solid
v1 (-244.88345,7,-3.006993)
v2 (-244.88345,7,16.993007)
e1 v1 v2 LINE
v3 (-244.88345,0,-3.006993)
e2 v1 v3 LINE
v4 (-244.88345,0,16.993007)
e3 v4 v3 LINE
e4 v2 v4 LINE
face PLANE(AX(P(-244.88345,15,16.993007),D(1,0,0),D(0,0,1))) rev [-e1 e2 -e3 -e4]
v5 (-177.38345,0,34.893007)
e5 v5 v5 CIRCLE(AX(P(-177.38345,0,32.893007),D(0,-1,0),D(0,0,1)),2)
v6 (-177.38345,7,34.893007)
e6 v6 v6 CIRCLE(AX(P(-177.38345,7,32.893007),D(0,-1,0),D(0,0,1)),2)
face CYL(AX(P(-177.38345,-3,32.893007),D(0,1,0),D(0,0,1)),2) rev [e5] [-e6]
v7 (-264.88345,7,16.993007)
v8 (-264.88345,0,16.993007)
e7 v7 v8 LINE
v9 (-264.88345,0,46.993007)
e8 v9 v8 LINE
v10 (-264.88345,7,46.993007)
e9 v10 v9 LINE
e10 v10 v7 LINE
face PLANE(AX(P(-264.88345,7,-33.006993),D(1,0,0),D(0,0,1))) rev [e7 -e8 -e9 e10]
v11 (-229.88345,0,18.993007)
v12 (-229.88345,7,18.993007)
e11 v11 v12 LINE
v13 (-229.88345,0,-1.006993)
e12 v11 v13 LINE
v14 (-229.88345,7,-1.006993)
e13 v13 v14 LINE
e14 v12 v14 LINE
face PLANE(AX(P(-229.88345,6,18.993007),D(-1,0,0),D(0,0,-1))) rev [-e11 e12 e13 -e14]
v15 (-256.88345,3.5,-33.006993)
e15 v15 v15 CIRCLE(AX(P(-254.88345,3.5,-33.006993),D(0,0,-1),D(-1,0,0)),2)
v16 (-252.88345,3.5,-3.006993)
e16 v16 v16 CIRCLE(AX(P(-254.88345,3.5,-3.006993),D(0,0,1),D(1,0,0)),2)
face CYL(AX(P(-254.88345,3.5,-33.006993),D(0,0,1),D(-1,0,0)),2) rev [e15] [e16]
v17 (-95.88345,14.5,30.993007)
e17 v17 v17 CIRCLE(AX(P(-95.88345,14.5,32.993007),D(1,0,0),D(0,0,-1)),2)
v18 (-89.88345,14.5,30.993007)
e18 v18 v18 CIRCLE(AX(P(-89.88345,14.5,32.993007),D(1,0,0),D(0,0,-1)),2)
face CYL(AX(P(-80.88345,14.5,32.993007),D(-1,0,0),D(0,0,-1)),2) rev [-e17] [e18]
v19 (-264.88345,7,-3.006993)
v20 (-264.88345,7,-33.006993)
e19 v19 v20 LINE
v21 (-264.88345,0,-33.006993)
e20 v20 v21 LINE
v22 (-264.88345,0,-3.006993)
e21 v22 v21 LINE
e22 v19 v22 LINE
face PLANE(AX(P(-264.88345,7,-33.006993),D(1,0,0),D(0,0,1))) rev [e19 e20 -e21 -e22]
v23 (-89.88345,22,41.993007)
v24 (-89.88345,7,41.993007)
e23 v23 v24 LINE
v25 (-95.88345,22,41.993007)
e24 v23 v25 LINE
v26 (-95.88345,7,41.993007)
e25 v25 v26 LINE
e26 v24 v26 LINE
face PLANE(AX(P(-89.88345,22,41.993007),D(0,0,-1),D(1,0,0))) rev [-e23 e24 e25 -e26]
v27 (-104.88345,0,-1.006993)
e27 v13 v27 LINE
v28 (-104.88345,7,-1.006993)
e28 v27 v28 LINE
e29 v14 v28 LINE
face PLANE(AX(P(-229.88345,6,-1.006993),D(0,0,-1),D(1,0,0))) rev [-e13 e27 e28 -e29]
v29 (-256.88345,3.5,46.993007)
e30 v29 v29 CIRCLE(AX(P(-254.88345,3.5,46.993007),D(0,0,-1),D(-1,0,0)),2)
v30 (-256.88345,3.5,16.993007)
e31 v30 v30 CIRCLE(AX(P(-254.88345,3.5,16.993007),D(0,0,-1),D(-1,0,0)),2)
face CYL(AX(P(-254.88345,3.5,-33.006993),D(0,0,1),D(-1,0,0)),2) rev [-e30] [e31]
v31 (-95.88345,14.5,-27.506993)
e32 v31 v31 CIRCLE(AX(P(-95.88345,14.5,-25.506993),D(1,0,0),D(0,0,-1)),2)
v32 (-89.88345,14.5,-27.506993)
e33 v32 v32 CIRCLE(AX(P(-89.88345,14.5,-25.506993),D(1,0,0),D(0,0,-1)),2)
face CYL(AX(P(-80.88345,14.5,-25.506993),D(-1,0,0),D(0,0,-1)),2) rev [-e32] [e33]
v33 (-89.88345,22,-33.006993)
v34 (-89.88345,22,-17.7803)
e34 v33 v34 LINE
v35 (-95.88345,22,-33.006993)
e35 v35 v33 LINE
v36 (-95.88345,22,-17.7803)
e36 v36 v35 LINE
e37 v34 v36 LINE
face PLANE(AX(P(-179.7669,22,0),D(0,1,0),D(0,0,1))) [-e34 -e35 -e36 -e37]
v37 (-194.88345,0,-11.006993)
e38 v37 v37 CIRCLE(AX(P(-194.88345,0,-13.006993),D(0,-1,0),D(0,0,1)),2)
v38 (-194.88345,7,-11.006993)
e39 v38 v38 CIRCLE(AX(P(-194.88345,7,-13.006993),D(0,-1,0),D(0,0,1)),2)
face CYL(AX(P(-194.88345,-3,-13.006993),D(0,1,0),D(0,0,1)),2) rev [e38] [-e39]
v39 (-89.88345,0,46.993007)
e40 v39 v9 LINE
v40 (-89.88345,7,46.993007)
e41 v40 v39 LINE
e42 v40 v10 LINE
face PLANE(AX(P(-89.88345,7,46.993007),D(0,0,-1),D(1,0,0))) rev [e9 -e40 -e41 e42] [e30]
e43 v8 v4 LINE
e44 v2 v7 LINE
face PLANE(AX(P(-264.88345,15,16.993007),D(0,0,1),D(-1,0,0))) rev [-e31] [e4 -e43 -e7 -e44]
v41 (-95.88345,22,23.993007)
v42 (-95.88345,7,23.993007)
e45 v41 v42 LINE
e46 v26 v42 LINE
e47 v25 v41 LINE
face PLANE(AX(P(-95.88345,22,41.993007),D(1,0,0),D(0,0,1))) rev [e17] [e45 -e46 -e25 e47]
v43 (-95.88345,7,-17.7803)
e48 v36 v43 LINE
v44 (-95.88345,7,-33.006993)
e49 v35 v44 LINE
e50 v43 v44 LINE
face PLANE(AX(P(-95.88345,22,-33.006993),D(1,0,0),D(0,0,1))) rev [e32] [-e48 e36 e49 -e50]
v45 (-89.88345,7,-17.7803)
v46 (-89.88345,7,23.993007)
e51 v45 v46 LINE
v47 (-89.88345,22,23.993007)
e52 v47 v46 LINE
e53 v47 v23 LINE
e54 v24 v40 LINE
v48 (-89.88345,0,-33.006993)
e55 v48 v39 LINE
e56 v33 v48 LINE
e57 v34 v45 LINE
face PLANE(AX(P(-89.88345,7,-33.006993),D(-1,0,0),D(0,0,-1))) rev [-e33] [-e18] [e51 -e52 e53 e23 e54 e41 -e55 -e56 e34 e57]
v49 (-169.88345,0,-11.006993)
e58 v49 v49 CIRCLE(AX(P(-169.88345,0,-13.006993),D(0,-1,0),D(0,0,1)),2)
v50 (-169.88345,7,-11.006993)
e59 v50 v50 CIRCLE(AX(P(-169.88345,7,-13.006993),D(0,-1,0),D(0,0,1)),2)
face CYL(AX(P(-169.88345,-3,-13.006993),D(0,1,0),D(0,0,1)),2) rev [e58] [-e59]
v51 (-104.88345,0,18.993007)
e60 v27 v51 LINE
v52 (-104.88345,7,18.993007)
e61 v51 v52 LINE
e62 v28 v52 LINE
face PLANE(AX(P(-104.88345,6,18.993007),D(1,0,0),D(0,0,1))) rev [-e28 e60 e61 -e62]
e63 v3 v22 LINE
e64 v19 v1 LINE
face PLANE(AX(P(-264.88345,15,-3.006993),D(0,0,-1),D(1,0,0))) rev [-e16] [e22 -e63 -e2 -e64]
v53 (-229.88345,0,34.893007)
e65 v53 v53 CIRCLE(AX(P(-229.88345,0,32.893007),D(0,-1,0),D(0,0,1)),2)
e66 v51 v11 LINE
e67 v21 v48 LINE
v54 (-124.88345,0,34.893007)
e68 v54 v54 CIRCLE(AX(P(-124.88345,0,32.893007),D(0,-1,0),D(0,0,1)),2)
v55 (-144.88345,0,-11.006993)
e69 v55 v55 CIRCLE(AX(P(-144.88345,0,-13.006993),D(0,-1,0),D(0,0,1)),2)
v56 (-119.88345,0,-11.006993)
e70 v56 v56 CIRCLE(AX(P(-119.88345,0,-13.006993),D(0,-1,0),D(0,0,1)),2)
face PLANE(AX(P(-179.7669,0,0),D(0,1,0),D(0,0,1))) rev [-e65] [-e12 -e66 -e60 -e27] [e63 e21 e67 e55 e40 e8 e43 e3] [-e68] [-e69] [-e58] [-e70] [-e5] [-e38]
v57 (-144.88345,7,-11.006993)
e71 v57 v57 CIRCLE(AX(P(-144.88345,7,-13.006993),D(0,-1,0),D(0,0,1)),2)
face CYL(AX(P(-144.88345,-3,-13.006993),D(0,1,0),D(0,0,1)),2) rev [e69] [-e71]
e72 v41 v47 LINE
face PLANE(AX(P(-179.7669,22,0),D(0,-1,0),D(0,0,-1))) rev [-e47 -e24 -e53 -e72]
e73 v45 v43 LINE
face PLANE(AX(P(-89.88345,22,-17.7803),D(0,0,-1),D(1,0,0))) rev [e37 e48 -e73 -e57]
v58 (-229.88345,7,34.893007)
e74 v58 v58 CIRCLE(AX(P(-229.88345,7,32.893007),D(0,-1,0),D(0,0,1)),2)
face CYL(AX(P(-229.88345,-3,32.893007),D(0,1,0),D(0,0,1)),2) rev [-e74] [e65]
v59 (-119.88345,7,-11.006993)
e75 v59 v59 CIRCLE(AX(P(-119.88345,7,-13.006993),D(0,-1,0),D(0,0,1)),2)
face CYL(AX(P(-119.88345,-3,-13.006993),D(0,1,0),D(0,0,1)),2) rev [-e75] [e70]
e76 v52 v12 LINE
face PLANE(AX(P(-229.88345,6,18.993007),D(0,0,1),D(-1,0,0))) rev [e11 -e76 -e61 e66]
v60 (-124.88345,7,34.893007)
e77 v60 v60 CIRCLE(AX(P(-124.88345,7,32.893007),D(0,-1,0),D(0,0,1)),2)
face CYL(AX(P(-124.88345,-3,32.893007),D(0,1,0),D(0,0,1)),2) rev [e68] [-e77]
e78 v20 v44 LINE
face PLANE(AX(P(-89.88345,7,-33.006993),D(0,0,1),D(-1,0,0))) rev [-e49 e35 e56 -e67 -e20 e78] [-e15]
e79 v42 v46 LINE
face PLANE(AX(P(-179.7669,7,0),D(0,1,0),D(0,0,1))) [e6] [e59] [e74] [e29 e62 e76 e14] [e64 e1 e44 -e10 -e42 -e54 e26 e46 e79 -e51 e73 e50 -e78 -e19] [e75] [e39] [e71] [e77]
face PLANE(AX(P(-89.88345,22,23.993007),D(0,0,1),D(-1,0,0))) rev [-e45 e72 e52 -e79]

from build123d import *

# Parameters (mm, degrees)
SKETCH1_W               = 175
SKETCH1_H               = 80
BOSS_EXTRUDE1_DEPTH     = 7
SKETCH2_R               = 2
CUT_EXTRUDE1_DEPTH      = 10
SKETCH3_W               = 125
SKETCH3_H               = 20
CUT_EXTRUDE2_DEPTH      = 1
SKETCH7_W               = 6
SKETCH7_H               = 15.226692755
SKETCH7_H_2             = 18
BOSS_EXTRUDE3_DEPTH     = 15
SKETCH8_R               = 2
CUT_EXTRUDE4_DEPTH      = 15
SKETCH9_W               = 20
SKETCH9_H               = 20
CUT_EXTRUDE5_DEPTH      = 15
SKETCH10_R              = 2
CUT_EXTRUDE7_DEPTH      = 51
CUT_EXTRUDE7_DEPTH_BACK = 31
SKETCH3_3_W             = 125
SKETCH3_3_H             = 20
CUT_EXTRUDE8_DEPTH      = 10
SKETCH11_R              = 2
CUT_EXTRUDE9_DEPTH      = 10


with BuildPart() as part:
    # Sketch1 → Boss-Extrude1 (new body)
    with BuildSketch(Plane(origin=(0, 0, 0), x_dir=(1, 0, 0), z_dir=(0, 1, 0))):
        with Locations((-2.383449883, -6.993006993)):
            Rectangle(SKETCH1_W, SKETCH1_H)
    extrude(amount=BOSS_EXTRUDE1_DEPTH)

    # Sketch2 → Cut-Extrude1 (cut)
    with BuildSketch(Plane(origin=(0, 7, 0), x_dir=(1, 0, 0), z_dir=(0, 1, 0))):
        with Locations((-54.883449883, -32.893006993)):
            Circle(SKETCH2_R)
        with Locations((-2.383449883, -32.893006993)):
            Circle(SKETCH2_R)
        with Locations((50.116550117, -32.893006993)):
            Circle(SKETCH2_R)
    extrude(amount=-CUT_EXTRUDE1_DEPTH, mode=Mode.SUBTRACT)

    # Sketch3 → Cut-Extrude2 (cut)
    with BuildSketch(Plane(origin=(0, 7, 0), x_dir=(1, 0, 0), z_dir=(0, 1, 0))):
        with Locations((-12.383449883, -8.993006993)):
            Rectangle(SKETCH3_W, SKETCH3_H)
    extrude(amount=-CUT_EXTRUDE2_DEPTH, mode=Mode.SUBTRACT)

    # Sketch7 → Boss-Extrude3 (add)
    with BuildSketch(Plane(origin=(0, 7, 0), x_dir=(1, 0, 0), z_dir=(0, 1, 0))):
        with Locations((-86.883449883, 25.39364663)):
            Rectangle(SKETCH7_W, SKETCH7_H)
        with Locations((-86.883449883, -32.993006993)):
            Rectangle(SKETCH7_W, SKETCH7_H_2)
    extrude(amount=BOSS_EXTRUDE3_DEPTH)

    # Sketch8 → Cut-Extrude4 (cut)
    with BuildSketch(Plane(origin=(-83.883449883, 0, 0), x_dir=(0, 0, -1), z_dir=(1, 0, 0))):
        with Locations((25.506993007, 14.5)):
            Circle(SKETCH8_R)
        with Locations((-32.993006993, 14.5)):
            Circle(SKETCH8_R)
    extrude(amount=-CUT_EXTRUDE4_DEPTH, mode=Mode.SUBTRACT)

    # Sketch9 → Cut-Extrude5 (cut)
    with BuildSketch(Plane.XZ):
        with Locations((75.116550117, 6.993006993)):
            Rectangle(SKETCH9_W, SKETCH9_H)
    extrude(amount=-CUT_EXTRUDE5_DEPTH, mode=Mode.SUBTRACT)

    # Sketch10 → Cut-Extrude7 (cut, two sides)
    with BuildSketch(Plane.XY.offset(-3.006993007)) as cut_extrude7_sk:
        with Locations((75.116550117, 3.5)):
            Circle(SKETCH10_R)
    extrude(amount=CUT_EXTRUDE7_DEPTH, mode=Mode.SUBTRACT)
    extrude(cut_extrude7_sk.sketch, amount=-CUT_EXTRUDE7_DEPTH_BACK, mode=Mode.SUBTRACT)

    # Sketch3<3> → Cut-Extrude8 (cut)
    with BuildSketch(Plane(origin=(0, 7, 0), x_dir=(1, 0, 0), z_dir=(0, 1, 0))):
        with Locations((-12.383449883, -8.993006993)):
            Rectangle(SKETCH3_3_W, SKETCH3_3_H)
    extrude(amount=-CUT_EXTRUDE8_DEPTH, mode=Mode.SUBTRACT)

    # Sketch11 → Cut-Extrude9 (cut)
    with BuildSketch(Plane(origin=(0, 7, 0), x_dir=(1, 0, 0), z_dir=(0, 1, 0))):
        with Locations((-59.883449883, 13.006993007)):
            Circle(SKETCH11_R)
        with Locations((-34.883449883, 13.006993007)):
            Circle(SKETCH11_R)
        with Locations((-9.883449883, 13.006993007)):
            Circle(SKETCH11_R)
        with Locations((15.116550117, 13.006993007)):
            Circle(SKETCH11_R)
    extrude(amount=-CUT_EXTRUDE9_DEPTH, mode=Mode.SUBTRACT)


with BuildPart() as body_2:
    # Mirror2: mirrored copy
    add(part.part.mirror(Plane(origin=(-89.883449883, 7, -33.006993007), x_dir=(0, 0, 1), z_dir=(1, 0, 0))))


solid = body_2.part
